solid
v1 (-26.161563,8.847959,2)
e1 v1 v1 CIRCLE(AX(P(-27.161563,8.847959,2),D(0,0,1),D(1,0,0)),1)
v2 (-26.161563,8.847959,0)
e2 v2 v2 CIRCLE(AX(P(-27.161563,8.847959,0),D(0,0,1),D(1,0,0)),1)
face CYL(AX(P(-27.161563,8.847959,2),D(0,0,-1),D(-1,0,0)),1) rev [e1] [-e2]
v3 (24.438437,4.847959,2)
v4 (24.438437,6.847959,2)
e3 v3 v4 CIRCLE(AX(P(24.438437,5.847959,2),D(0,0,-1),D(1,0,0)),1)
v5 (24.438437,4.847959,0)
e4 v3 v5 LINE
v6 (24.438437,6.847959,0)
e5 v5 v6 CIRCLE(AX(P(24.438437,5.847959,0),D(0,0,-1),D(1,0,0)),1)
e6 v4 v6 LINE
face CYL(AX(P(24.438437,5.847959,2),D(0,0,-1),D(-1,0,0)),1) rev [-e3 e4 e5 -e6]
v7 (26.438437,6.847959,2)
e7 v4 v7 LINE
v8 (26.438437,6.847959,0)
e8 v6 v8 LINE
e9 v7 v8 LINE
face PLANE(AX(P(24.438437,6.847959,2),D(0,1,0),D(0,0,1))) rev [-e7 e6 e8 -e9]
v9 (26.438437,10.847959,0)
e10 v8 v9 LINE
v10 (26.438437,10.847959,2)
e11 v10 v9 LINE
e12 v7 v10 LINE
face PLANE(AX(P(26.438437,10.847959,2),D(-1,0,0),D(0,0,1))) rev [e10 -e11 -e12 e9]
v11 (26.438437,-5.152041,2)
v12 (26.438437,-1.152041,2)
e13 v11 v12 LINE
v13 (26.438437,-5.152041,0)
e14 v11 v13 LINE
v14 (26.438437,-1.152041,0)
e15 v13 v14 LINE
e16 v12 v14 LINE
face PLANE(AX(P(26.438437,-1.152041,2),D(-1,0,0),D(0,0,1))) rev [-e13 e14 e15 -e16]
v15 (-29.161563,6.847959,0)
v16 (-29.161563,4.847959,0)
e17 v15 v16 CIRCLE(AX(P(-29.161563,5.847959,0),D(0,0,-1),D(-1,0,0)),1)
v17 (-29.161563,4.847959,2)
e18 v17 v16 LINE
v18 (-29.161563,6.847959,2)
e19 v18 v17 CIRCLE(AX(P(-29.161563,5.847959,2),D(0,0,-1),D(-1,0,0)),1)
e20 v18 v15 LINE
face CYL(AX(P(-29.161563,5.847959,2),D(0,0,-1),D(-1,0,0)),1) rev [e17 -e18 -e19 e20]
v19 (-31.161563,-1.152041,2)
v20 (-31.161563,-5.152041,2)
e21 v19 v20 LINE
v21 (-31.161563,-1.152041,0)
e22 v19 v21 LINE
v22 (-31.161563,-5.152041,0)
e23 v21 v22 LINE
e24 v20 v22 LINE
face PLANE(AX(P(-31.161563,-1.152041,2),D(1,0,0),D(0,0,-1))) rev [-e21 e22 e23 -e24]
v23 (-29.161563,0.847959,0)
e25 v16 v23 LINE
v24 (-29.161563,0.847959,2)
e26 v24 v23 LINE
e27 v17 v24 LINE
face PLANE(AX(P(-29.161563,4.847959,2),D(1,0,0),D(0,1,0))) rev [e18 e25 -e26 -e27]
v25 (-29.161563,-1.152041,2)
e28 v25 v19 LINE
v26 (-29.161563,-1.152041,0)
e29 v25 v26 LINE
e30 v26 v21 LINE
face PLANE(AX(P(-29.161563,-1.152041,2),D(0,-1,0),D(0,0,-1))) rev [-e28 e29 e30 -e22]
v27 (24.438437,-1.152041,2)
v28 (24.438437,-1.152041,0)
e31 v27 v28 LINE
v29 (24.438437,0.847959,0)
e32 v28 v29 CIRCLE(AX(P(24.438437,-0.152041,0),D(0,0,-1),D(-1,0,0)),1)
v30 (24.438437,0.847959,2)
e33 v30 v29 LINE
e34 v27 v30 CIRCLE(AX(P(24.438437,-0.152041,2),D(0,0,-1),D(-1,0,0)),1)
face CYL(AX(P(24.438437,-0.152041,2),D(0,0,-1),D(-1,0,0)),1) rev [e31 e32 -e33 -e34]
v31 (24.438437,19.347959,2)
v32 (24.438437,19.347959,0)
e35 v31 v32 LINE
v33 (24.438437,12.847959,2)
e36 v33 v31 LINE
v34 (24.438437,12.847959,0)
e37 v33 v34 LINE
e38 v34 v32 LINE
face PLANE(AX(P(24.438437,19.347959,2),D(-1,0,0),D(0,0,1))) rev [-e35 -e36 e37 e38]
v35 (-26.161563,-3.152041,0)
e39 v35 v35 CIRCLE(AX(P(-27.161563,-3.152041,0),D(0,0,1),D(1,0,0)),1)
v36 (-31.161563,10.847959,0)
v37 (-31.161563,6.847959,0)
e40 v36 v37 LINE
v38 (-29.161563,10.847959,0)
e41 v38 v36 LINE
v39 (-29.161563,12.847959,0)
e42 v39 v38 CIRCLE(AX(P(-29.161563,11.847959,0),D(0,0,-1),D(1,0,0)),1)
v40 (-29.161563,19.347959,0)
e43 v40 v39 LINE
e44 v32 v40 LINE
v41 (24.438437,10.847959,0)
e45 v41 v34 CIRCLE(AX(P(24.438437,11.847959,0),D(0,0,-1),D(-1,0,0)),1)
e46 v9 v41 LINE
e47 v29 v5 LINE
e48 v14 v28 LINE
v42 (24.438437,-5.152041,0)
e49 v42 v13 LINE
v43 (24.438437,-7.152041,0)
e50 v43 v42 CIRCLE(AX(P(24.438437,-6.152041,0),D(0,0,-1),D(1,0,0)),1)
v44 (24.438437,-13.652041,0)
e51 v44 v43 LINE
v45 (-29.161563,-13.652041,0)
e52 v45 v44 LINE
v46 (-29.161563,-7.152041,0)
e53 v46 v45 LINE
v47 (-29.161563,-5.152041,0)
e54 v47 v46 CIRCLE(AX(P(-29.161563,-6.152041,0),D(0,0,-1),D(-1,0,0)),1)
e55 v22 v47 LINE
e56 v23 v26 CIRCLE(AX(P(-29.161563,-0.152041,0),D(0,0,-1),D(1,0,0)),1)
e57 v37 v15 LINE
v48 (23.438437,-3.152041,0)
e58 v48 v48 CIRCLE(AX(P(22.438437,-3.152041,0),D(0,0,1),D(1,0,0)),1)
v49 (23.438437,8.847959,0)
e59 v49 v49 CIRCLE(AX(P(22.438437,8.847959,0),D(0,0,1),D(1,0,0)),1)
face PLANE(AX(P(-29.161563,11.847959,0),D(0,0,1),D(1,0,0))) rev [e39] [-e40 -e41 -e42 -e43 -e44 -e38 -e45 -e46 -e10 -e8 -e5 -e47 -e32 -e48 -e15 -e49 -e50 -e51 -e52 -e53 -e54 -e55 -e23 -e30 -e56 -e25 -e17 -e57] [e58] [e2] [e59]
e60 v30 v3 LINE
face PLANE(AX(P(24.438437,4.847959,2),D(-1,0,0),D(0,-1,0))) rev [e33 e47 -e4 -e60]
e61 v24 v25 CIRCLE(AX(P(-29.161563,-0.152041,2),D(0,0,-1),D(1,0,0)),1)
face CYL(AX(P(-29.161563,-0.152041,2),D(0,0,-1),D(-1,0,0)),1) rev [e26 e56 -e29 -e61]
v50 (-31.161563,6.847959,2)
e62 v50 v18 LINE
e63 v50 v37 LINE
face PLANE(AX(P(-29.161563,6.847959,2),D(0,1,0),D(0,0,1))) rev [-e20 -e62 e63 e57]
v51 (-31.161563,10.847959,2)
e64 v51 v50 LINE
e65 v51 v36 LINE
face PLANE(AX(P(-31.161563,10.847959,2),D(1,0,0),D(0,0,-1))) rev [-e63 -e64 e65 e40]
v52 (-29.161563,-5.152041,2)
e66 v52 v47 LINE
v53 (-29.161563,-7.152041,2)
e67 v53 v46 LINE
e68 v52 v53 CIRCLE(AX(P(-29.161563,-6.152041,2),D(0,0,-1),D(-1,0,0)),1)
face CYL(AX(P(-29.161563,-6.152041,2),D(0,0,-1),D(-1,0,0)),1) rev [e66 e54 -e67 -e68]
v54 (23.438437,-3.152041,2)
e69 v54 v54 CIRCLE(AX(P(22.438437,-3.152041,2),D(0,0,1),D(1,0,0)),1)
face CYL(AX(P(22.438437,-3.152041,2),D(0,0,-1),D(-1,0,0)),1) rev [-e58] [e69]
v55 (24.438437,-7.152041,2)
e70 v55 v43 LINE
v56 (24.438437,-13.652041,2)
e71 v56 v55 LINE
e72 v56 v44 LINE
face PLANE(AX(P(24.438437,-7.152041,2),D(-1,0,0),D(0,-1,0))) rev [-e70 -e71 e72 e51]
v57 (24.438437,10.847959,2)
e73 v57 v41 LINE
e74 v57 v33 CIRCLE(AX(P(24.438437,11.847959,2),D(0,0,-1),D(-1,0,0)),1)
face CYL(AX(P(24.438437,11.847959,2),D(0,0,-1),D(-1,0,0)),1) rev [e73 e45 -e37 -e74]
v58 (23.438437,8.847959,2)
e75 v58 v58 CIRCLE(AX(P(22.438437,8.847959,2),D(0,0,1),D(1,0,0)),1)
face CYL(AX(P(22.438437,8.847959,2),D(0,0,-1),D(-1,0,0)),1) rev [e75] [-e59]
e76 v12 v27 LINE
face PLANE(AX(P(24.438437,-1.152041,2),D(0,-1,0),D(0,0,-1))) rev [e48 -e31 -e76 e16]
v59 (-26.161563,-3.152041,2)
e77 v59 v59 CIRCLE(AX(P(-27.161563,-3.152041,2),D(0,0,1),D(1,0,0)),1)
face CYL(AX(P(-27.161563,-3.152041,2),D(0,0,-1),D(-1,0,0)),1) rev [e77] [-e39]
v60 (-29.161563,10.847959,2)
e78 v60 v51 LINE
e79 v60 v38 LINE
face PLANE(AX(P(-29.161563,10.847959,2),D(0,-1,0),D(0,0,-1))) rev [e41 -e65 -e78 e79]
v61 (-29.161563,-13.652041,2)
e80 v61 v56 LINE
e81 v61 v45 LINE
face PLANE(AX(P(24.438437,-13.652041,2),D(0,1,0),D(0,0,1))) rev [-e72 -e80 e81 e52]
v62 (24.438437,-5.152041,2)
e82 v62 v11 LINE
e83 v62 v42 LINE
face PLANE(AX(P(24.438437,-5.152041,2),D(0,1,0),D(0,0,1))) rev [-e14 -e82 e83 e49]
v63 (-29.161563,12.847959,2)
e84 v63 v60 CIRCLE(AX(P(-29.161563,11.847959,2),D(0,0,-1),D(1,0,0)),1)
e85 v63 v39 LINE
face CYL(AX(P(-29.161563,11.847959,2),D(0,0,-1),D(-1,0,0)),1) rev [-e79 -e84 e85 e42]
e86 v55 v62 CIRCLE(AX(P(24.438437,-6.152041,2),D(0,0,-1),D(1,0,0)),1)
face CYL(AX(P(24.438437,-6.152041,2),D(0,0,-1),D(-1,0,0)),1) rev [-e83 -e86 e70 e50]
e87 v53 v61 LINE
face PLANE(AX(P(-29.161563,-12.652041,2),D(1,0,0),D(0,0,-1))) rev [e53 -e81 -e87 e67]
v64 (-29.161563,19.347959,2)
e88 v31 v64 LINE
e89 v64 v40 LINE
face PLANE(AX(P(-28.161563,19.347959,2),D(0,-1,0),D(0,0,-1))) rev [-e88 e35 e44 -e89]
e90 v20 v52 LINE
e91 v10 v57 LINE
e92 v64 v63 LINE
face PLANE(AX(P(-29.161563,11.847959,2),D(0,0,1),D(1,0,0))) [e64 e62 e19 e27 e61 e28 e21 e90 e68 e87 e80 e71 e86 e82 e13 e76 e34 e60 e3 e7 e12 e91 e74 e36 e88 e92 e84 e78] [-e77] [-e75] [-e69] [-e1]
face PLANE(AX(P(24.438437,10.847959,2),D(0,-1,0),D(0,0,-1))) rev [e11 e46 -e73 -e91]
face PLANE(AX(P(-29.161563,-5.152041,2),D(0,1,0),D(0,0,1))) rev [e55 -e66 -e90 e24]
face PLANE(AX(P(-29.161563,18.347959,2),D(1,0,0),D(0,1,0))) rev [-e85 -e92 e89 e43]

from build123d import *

# Parameters (mm, degrees)
SKETCH_1_R      = 1
EXTRUDE_1_DEPTH = 2


with BuildPart() as part:
    # 草圖1 → 填料-伸長1 (new body)
    with BuildSketch(Plane.XY):
        with BuildLine():
            Line((-28.161562759, 19.347959184), (-29.161562759, 19.347959184))
            Line((-29.161562759, 19.347959184), (-29.161562759, 18.347959184))
            Line((-29.161562759, 18.347959184), (-29.161562759, 12.847959184))
            ThreePointArc((-29.161562759, 12.847959184), (-28.161562759, 11.847959184), (-29.161562759, 10.847959184))
            Line((-29.161562759, 10.847959184), (-31.161562759, 10.847959184))
            Line((-31.161562759, 10.847959184), (-31.161562759, 6.847959184))
            Line((-31.161562759, 6.847959184), (-29.161562759, 6.847959184))
            ThreePointArc((-29.161562759, 6.847959184), (-28.161562759, 5.847959184), (-29.161562759, 4.847959184))
            Line((-29.161562759, 4.847959184), (-29.161562759, 0.847959184))
            ThreePointArc((-29.161562759, 0.847959184), (-28.161562759, -0.152040816), (-29.161562759, -1.152040816))
            Line((-29.161562759, -1.152040816), (-31.161562759, -1.152040816))
            Line((-31.161562759, -1.152040816), (-31.161562759, -5.152040816))
            Line((-31.161562759, -5.152040816), (-29.161562759, -5.152040816))
            ThreePointArc((-29.161562759, -5.152040816), (-28.161562759, -6.152040816), (-29.161562759, -7.152040816))
            Line((-29.161562759, -7.152040816), (-29.161562759, -12.652040816))
            Line((-29.161562759, -12.652040816), (-29.161562759, -13.652040816))
            Line((-29.161562759, -13.652040816), (-28.161562759, -13.652040816))
            Line((-28.161562759, -13.652040816), (23.438437241, -13.652040816))
            Line((23.438437241, -13.652040816), (24.438437241, -13.652040816))
            Line((24.438437241, -13.652040816), (24.438437241, -12.652040816))
            Line((24.438437241, -12.652040816), (24.438437241, -7.152040816))
            ThreePointArc((24.438437241, -7.152040816), (23.438437241, -6.152040816), (24.438437241, -5.152040816))
            Line((24.438437241, -5.152040816), (26.438437241, -5.152040816))
            Line((26.438437241, -5.152040816), (26.438437241, -1.152040816))
            Line((26.438437241, -1.152040816), (24.438437241, -1.152040816))
            ThreePointArc((24.438437241, -1.152040816), (23.438437241, -0.152040816), (24.438437241, 0.847959184))
            Line((24.438437241, 0.847959184), (24.438437241, 4.847959184))
            ThreePointArc((24.438437241, 4.847959184), (23.438437241, 5.847959184), (24.438437241, 6.847959184))
            Line((24.438437241, 6.847959184), (26.438437241, 6.847959184))
            Line((26.438437241, 6.847959184), (26.438437241, 10.847959184))
            Line((26.438437241, 10.847959184), (24.438437241, 10.847959184))
            ThreePointArc((24.438437241, 10.847959184), (23.438437241, 11.847959184), (24.438437241, 12.847959184))
            Line((24.438437241, 12.847959184), (24.438437241, 18.347959184))
            Line((24.438437241, 18.347959184), (24.438437241, 19.347959184))
            Line((24.438437241, 19.347959184), (23.438437241, 19.347959184))
            Line((23.438437241, 19.347959184), (-28.161562759, 19.347959184))
        make_face()
        with Locations((22.438437241, 8.847959184)):
            Circle(SKETCH_1_R, mode=Mode.SUBTRACT)
        with Locations((-27.161562759, 8.847959184)):
            Circle(SKETCH_1_R, mode=Mode.SUBTRACT)
        with Locations((-27.161562759, -3.152040816)):
            Circle(SKETCH_1_R, mode=Mode.SUBTRACT)
        with Locations((22.438437241, -3.152040816)):
            Circle(SKETCH_1_R, mode=Mode.SUBTRACT)
    extrude(amount=EXTRUDE_1_DEPTH)


solid = part.part
